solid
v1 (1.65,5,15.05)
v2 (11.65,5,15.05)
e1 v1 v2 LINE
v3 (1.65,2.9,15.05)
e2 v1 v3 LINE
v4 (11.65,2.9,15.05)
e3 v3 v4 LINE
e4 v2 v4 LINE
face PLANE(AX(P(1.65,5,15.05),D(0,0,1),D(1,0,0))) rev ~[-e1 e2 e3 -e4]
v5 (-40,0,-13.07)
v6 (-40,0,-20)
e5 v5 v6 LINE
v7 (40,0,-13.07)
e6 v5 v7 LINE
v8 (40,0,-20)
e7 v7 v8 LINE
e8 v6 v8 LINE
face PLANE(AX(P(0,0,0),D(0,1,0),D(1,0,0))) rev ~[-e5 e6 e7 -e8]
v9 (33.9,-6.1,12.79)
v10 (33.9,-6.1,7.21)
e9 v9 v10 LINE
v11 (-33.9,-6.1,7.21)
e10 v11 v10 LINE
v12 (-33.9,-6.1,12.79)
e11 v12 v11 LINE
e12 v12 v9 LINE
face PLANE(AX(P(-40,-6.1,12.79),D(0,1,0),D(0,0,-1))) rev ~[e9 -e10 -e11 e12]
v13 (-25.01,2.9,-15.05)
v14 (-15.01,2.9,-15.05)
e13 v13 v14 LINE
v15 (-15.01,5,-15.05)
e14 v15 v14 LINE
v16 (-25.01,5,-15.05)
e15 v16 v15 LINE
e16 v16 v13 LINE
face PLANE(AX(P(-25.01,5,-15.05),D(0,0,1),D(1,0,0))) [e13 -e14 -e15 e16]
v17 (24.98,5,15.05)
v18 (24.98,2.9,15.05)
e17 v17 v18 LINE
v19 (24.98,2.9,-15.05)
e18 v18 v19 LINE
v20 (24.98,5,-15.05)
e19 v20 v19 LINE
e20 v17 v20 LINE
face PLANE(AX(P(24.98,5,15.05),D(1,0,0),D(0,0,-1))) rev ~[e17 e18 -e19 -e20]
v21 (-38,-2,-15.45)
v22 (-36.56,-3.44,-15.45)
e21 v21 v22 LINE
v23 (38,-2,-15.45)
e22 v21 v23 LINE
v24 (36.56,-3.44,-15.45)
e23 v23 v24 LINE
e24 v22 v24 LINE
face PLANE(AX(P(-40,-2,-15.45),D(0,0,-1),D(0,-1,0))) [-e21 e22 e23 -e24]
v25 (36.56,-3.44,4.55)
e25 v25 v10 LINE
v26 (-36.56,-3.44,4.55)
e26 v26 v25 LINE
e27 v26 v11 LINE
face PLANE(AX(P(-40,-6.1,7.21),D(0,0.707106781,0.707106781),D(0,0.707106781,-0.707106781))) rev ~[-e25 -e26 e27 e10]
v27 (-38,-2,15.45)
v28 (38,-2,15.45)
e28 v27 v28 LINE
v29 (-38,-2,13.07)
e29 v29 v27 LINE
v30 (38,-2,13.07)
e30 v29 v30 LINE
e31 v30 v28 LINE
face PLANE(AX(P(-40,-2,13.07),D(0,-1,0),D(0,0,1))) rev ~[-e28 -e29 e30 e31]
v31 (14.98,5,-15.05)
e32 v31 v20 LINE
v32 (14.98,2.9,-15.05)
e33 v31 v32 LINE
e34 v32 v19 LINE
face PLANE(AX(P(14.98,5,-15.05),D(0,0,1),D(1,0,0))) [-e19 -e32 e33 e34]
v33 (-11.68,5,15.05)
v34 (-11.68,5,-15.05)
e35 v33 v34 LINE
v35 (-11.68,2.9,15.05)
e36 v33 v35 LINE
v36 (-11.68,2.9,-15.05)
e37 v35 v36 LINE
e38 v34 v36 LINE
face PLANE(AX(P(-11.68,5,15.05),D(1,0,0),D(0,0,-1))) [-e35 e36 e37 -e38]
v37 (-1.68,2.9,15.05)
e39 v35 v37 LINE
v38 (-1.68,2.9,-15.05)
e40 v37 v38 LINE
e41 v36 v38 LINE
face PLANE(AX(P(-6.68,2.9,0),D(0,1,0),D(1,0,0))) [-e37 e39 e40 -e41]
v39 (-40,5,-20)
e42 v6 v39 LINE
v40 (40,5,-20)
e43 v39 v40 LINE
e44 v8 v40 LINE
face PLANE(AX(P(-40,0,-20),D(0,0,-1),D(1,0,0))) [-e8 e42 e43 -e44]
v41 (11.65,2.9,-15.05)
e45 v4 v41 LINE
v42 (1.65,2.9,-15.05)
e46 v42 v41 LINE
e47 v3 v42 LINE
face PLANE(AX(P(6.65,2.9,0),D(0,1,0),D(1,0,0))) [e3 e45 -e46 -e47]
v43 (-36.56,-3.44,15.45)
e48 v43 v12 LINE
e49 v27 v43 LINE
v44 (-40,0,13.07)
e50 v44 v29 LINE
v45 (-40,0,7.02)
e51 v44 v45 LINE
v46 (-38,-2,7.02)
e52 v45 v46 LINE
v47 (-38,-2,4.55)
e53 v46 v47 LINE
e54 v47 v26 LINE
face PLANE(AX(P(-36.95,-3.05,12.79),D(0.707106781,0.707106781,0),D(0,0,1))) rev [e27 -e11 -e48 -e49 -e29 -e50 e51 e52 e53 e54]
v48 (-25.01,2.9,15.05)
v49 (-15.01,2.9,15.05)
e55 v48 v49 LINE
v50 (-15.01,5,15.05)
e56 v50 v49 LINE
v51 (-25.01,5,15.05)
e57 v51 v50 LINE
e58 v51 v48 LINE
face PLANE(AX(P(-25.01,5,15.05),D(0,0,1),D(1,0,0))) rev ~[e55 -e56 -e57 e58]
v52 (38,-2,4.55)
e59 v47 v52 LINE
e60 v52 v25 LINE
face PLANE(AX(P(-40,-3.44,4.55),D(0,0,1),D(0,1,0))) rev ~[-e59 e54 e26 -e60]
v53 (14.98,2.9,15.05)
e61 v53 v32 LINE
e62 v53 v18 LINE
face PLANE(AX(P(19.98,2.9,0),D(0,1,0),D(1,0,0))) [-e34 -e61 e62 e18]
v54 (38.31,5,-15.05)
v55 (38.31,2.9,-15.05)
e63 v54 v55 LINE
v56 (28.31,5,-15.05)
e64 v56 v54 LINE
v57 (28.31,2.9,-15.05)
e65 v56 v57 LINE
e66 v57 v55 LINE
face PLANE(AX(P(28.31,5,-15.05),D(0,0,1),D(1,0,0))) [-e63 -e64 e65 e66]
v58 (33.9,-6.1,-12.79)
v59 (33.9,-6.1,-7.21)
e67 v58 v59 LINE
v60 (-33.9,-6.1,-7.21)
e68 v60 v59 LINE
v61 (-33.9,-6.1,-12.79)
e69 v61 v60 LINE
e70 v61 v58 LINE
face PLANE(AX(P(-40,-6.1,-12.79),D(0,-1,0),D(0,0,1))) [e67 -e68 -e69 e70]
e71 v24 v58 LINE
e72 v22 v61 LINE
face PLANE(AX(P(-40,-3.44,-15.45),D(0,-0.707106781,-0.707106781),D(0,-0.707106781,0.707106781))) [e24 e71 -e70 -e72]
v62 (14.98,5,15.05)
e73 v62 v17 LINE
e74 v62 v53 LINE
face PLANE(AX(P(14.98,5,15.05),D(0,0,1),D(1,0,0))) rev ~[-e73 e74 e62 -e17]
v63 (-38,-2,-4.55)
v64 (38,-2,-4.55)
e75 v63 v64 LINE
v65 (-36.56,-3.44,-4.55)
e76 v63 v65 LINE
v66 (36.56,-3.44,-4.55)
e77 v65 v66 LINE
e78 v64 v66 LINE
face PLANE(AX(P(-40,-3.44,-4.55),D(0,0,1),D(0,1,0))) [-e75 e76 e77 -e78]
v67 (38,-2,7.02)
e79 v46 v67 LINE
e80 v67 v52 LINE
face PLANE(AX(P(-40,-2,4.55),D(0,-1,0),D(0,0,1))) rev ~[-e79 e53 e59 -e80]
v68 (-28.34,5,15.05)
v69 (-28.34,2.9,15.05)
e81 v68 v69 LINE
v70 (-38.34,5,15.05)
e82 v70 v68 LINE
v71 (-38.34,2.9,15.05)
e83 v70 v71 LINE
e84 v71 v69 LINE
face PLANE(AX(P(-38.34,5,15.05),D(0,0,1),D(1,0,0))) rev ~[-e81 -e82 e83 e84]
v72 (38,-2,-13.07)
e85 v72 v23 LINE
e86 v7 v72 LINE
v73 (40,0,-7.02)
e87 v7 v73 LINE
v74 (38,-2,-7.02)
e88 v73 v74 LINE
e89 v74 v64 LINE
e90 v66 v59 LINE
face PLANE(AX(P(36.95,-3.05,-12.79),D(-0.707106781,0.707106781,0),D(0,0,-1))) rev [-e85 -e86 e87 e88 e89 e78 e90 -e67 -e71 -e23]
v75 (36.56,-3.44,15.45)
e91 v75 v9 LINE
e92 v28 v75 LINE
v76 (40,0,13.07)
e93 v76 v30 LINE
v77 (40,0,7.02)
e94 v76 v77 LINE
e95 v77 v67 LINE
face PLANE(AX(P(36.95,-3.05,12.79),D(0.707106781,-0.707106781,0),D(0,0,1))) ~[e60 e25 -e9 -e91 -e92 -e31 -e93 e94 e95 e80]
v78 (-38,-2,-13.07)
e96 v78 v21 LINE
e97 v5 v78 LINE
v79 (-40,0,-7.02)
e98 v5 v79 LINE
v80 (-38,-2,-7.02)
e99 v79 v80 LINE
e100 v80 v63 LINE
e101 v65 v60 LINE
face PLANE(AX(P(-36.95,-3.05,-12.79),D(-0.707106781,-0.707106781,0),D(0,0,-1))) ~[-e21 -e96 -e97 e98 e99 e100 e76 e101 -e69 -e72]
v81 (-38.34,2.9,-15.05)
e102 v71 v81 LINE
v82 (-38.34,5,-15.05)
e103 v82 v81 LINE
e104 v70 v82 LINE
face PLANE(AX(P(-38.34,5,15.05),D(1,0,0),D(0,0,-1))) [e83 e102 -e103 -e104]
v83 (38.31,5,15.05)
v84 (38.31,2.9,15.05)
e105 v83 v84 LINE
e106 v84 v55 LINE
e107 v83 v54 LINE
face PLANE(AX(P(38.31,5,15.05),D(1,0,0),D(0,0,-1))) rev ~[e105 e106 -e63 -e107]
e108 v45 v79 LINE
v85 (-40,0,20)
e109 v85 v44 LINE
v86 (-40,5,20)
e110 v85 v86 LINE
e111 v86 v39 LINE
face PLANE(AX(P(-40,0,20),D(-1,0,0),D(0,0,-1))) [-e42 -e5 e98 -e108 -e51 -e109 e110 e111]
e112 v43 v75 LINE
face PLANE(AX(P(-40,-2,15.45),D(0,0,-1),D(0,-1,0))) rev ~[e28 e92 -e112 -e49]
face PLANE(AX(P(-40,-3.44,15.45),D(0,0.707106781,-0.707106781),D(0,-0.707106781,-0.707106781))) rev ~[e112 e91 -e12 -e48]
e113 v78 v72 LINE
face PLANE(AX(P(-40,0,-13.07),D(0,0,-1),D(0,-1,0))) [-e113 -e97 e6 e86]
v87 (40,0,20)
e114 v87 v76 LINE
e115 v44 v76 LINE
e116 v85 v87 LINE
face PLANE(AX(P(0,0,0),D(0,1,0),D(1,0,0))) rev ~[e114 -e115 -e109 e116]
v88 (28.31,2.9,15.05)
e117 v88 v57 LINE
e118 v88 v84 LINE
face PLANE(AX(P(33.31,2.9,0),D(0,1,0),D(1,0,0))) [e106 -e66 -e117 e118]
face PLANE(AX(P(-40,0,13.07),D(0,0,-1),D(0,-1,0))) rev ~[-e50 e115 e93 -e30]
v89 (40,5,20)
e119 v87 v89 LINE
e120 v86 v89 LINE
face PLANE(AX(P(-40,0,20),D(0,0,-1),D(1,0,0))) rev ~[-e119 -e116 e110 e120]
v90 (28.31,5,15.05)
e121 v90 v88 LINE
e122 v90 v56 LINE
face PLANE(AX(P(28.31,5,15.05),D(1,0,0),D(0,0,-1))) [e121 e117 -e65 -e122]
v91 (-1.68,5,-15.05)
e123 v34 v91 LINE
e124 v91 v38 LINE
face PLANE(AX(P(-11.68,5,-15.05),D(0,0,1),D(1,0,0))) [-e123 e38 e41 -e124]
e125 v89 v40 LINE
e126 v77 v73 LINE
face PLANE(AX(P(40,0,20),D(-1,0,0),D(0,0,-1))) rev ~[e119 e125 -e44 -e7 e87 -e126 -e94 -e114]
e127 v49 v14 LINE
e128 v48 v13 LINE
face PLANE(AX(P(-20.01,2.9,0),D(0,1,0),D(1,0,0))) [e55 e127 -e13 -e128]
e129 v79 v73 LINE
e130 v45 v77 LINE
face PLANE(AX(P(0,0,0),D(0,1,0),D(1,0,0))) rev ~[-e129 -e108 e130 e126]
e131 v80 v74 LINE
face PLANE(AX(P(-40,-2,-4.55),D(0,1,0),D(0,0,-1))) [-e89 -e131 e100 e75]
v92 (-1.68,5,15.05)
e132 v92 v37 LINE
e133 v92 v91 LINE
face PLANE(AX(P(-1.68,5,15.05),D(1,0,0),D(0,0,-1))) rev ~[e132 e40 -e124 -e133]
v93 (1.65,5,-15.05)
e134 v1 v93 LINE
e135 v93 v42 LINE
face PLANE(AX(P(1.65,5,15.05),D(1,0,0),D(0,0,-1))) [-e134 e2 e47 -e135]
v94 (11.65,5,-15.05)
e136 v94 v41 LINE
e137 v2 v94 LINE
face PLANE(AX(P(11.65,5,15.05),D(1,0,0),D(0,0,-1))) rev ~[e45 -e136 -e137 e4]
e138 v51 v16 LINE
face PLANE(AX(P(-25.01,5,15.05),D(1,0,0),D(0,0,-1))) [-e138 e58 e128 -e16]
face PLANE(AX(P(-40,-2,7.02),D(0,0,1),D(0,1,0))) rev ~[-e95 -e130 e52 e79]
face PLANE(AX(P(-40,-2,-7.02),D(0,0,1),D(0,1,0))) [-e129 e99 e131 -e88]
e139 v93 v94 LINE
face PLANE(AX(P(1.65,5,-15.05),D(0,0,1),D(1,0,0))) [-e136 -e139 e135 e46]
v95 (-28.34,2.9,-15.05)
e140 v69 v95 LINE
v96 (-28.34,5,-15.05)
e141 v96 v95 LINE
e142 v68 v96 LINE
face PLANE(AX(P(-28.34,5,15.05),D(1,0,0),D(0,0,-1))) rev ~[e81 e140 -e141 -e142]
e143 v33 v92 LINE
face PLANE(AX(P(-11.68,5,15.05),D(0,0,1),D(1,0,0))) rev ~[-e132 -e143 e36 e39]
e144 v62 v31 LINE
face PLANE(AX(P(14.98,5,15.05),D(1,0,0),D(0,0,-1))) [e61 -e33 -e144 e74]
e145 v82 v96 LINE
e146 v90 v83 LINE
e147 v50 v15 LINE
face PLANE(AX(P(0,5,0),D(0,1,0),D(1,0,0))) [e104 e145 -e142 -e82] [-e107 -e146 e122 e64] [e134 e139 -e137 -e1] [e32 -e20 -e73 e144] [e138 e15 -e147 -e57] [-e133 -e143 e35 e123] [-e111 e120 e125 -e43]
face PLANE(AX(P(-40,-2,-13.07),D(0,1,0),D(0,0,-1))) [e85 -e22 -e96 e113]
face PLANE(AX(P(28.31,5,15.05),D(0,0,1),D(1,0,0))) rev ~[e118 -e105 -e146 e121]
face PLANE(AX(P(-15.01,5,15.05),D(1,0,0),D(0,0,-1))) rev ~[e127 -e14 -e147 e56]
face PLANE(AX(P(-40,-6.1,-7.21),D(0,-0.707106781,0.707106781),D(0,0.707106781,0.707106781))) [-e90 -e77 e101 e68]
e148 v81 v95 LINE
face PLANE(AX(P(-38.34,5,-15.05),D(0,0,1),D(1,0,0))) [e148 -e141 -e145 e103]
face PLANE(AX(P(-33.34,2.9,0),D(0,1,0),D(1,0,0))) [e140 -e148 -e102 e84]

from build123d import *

# Parameters (mm, degrees)
SKETCH_1_W             = 80
SKETCH_1_H             = 40
EXTRUDE_1_DEPTH        = 5
SKETCH_2_W             = 10
SKETCH_2_H             = 30.1
CUT_EXTRUDE_1_DEPTH    = 2.1
PATTERN_LINEAR_1_COUNT = 6
PATTERN_LINEAR_1_PITCH = 13.33
EXTRUDE_2_DEPTH        = 80
CHAMFER_1_SIZE         = 6.1


with BuildPart() as part:
    # Эскиз1 → Бобышка-Вытянуть1 (new body)
    with BuildSketch(Plane(origin=(0, 0, 0), x_dir=(1, 0, 0), z_dir=(0, 1, 0))):
        Rectangle(SKETCH_1_W, SKETCH_1_H)
    extrude(amount=EXTRUDE_1_DEPTH)

    # Эскиз2 → Вырез-Вытянуть1 (cut)
    with BuildSketch(Plane(origin=(0, 5, 0), x_dir=(1, 0, 0), z_dir=(0, 1, 0))):
        with Locations((-33.34, 0)):
            Rectangle(SKETCH_2_W, SKETCH_2_H)
    cut_extrude_1 = extrude(amount=-CUT_EXTRUDE_1_DEPTH, mode=Mode.SUBTRACT)

    # Линейный массив1: Вырез-Вытянуть1 ×6
    with Locations(*[(i * PATTERN_LINEAR_1_PITCH, 0, 0) for i in range(1, PATTERN_LINEAR_1_COUNT)]):
        add(cut_extrude_1, mode=Mode.SUBTRACT)

    # Эскиз3 → Бобышка-Вытянуть2 (add)
    with BuildSketch(Plane.ZY.offset(40)):
        Polygon((-13.07, 0), (-13.07, -2), (-15.45, -2), (-15.45, -3.44), (-12.79, -6.1), (-7.21, -6.1), (-4.55, -3.44), (-4.55, -2), (-7.02, -2), (-7.02, 0), align=None)
        Polygon((7.02, 0), (13.07, 0), (13.07, -2), (15.45, -2), (15.45, -3.44), (12.79, -6.1), (7.21, -6.1), (4.55, -3.44), (4.55, -2), (7.02, -2), align=None)
    extrude(amount=-EXTRUDE_2_DEPTH)

    # Фаска1
    chamfer_1_edges = [part.edges().sort_by_distance(p)[0] for p in [
        (40, -6.1, 10),
        (-40, -6.1, 10),
        (40, -6.1, -10),
        (-40, -6.1, -10),
    ]]
    chamfer(chamfer_1_edges, length=CHAMFER_1_SIZE)


solid = part.part
